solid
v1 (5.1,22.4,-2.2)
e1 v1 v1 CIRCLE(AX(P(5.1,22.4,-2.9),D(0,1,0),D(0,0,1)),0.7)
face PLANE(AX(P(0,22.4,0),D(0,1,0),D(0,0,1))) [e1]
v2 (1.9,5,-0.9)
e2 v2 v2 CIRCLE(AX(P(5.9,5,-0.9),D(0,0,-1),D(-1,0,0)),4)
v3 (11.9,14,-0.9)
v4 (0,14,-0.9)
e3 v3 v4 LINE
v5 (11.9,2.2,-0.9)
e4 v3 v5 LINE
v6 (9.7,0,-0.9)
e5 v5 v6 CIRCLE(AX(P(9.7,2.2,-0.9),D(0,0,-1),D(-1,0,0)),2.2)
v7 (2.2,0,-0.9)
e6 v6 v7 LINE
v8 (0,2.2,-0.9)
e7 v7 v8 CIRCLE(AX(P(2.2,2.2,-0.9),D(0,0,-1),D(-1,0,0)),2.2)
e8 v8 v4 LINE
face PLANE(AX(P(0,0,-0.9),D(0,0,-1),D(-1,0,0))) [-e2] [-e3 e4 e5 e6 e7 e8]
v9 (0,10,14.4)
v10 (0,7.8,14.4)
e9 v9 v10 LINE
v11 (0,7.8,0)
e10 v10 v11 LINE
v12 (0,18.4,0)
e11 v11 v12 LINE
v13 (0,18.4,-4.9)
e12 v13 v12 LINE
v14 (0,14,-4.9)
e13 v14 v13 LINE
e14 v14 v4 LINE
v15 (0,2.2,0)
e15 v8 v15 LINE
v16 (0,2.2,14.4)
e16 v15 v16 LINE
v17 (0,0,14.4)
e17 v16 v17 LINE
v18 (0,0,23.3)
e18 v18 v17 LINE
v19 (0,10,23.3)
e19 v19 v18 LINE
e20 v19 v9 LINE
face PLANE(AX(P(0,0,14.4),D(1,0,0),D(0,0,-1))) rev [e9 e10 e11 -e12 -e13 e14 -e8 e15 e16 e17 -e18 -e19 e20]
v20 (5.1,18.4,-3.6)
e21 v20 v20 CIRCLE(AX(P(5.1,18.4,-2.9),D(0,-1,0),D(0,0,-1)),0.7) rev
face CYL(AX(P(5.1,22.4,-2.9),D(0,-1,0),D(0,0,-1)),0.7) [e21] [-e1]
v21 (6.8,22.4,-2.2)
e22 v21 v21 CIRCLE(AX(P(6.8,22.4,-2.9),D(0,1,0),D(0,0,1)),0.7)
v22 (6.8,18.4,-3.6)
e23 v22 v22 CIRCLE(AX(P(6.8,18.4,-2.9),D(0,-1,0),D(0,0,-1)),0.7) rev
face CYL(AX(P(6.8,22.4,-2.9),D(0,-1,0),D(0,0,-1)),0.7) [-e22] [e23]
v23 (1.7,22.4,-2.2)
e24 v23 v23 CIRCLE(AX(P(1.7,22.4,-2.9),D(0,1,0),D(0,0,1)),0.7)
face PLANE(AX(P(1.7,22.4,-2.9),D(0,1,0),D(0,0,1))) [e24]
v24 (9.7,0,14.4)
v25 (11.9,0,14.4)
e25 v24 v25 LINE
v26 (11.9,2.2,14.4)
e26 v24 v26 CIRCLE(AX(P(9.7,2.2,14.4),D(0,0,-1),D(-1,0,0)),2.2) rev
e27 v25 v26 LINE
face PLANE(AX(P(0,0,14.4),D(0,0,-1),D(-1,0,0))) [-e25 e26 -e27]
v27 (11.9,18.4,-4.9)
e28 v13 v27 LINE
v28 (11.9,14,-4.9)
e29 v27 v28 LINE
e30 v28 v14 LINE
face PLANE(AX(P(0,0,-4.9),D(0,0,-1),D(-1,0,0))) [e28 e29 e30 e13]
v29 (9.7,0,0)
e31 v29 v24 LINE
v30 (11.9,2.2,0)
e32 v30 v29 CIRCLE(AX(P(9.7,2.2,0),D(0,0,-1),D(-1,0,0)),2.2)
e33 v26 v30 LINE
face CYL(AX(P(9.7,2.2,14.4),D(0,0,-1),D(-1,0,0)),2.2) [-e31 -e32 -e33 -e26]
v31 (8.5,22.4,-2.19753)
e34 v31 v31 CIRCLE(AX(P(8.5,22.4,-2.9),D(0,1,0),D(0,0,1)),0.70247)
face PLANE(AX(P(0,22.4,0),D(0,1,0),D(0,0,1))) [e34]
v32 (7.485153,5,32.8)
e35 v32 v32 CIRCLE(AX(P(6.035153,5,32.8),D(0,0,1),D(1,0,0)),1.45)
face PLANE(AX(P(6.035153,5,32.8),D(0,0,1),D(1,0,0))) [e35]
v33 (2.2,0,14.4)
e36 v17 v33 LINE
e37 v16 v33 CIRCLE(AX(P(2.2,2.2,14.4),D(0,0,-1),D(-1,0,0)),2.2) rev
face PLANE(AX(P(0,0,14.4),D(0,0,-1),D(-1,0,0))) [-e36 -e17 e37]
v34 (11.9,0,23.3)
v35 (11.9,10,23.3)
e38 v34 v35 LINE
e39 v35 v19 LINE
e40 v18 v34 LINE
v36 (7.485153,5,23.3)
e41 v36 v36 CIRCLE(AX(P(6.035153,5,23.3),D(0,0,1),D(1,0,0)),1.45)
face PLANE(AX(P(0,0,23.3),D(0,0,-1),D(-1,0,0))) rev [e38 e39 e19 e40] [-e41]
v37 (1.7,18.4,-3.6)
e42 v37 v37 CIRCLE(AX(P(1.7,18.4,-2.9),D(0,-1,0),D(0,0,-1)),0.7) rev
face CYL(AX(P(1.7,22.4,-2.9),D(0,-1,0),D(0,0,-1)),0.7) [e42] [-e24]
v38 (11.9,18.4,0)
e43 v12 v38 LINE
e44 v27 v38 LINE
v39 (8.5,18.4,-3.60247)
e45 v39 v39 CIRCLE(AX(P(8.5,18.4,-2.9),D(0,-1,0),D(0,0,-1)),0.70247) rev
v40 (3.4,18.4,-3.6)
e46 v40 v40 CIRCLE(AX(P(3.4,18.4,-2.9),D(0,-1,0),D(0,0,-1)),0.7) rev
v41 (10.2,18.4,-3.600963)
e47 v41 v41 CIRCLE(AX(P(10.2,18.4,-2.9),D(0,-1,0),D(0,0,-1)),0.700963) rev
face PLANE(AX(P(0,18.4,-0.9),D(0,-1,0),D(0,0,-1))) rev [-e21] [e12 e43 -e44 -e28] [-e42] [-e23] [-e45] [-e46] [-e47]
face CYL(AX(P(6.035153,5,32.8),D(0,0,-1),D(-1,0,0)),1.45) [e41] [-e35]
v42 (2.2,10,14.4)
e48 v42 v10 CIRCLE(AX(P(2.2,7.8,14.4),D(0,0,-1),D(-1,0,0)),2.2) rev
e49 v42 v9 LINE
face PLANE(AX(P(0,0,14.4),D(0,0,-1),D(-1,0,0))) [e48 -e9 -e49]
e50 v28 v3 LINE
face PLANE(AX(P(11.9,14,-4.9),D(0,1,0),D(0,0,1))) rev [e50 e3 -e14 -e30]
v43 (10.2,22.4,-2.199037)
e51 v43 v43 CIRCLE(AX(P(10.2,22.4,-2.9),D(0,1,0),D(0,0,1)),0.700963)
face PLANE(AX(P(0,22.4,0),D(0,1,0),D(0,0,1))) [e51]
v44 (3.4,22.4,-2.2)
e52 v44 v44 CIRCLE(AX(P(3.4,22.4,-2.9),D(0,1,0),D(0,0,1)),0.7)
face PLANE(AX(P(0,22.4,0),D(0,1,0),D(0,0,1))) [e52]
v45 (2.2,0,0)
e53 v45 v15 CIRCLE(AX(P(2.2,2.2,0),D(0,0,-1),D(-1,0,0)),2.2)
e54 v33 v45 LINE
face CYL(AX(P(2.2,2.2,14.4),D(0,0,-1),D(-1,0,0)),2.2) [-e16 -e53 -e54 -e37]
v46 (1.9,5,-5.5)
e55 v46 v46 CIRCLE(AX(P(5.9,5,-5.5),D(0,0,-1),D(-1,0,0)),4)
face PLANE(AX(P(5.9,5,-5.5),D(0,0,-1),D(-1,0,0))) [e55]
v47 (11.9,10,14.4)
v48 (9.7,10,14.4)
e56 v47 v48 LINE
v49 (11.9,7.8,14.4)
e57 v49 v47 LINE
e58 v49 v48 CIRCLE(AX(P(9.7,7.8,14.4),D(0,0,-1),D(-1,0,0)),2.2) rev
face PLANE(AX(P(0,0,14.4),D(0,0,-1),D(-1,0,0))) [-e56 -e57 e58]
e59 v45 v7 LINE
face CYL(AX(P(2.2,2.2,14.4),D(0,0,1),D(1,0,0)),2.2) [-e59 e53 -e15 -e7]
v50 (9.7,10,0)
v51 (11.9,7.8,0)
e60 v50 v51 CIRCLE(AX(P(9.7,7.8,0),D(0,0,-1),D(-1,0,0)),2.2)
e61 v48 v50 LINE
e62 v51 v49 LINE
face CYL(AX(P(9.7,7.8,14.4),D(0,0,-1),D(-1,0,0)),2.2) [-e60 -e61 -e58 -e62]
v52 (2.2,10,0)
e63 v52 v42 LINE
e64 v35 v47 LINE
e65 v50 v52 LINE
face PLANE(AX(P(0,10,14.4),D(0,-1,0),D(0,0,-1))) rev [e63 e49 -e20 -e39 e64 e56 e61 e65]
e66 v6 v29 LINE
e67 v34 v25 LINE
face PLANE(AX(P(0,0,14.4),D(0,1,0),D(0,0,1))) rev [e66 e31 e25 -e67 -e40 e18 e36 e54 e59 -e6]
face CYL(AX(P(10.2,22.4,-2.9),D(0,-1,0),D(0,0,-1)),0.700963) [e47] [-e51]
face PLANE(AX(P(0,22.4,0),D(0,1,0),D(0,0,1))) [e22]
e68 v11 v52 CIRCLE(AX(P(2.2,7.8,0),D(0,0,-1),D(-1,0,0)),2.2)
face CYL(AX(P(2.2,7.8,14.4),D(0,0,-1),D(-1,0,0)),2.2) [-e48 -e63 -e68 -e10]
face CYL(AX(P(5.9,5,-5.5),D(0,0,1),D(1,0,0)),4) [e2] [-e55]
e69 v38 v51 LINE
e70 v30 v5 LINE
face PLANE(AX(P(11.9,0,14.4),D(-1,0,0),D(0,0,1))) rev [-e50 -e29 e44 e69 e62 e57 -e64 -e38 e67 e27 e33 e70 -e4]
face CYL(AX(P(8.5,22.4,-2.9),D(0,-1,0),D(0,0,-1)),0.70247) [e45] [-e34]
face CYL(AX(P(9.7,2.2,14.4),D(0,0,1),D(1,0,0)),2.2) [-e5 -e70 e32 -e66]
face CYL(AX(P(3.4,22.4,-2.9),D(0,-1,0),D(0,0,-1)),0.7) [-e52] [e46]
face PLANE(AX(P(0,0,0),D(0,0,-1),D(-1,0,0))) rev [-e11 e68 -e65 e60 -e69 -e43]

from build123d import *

# Parameters (mm, degrees)
SKETCH3_W           = 11.9
SKETCH3_H           = 10
BOSS_EXTRUDE1_DEPTH = 14.4
FILLET6_R           = 2.2
SKETCH6_W           = 11.9
SKETCH6_H           = 10
BOSS_EXTRUDE2_DEPTH = 8.9
SKETCH7_R           = 1.45
BOSS_EXTRUDE3_DEPTH = 9.5
SKETCH8_W           = 11.9
SKETCH8_H           = 18.4
BOSS_EXTRUDE4_DEPTH = 0.9
FILLET7_R           = 2.2
SKETCH9_R           = 4
BOSS_EXTRUDE6_DEPTH = 4.6
SKETCH10_W          = 11.9
SKETCH10_H          = 4.4
BOSS_EXTRUDE7_DEPTH = 4
SKETCH11_R          = 0.7
SKETCH11_R_2        = 0.702469816
SKETCH11_R_3        = 0.700963309
BOSS_EXTRUDE8_DEPTH = 4


with BuildPart() as part:
    # Sketch3 → Boss-Extrude1 (new body)
    with BuildSketch(Plane.XY):
        with Locations((5.95, 5)):
            Rectangle(SKETCH3_W, SKETCH3_H)
    extrude(amount=BOSS_EXTRUDE1_DEPTH)

    # Fillet6
    fillet6_edges = [part.edges().sort_by_distance(p)[0] for p in [
        (0, 10, 7.2),
        (11.9, 10, 7.2),
        (11.9, 0, 7.2),
        (0, 0, 7.2),
    ]]
    fillet(fillet6_edges, radius=FILLET6_R)

    # Sketch6 → Boss-Extrude2 (add)
    with BuildSketch(Plane.XY.offset(14.4)):
        with Locations((5.95, 5)):
            Rectangle(SKETCH6_W, SKETCH6_H)
    extrude(amount=BOSS_EXTRUDE2_DEPTH)

    # Sketch7 → Boss-Extrude3 (add)
    with BuildSketch(Plane.XY.offset(23.3)):
        with Locations((6.035152891, 5)):
            Circle(SKETCH7_R)
    extrude(amount=BOSS_EXTRUDE3_DEPTH)

    # Sketch8 → Boss-Extrude4 (add)
    with BuildSketch(Plane(origin=(0, 0, 0), x_dir=(-1, 0, 0), z_dir=(0, 0, -1))):
        with Locations((-5.95, 9.2)):
            Rectangle(SKETCH8_W, SKETCH8_H)
    extrude(amount=BOSS_EXTRUDE4_DEPTH)

    # Fillet7
    fillet7_edges = [part.edges().sort_by_distance(p)[0] for p in [
        (0, 0, -0.45),
        (11.9, 0, -0.45),
    ]]
    fillet(fillet7_edges, radius=FILLET7_R)

    # Sketch9 → Boss-Extrude6 (add)
    with BuildSketch(Plane(origin=(0, 0, -0.9), x_dir=(-1, 0, 0), z_dir=(0, 0, -1))):
        with Locations((-5.9, 5)):
            Circle(SKETCH9_R)
    extrude(amount=BOSS_EXTRUDE6_DEPTH)

    # Sketch10 → Boss-Extrude7 (add)
    with BuildSketch(Plane(origin=(0, 0, -0.9), x_dir=(-1, 0, 0), z_dir=(0, 0, -1))):
        with Locations((-5.95, 16.2)):
            Rectangle(SKETCH10_W, SKETCH10_H)
    extrude(amount=BOSS_EXTRUDE7_DEPTH)

    # Sketch11 → Boss-Extrude8 (add)
    with BuildSketch(Plane(origin=(0, 18.4, 0), x_dir=(1, 0, 0), z_dir=(0, 1, 0))):
        with Locations(Location((3.4, 2.9, 0), (0, 0, 90))):
            Circle(SKETCH11_R)
        with Locations(Location((5.1, 2.9, 0), (0, 0, 90))):
            Circle(SKETCH11_R)
        with Locations(Location((6.8, 2.9, 0), (0, 0, 90))):
            Circle(SKETCH11_R)
        with Locations(Location((8.5, 2.9, 0), (0, 0, 90))):
            Circle(SKETCH11_R_2)
        with Locations(Location((10.2, 2.9, 0), (0, 0, 90))):
            Circle(SKETCH11_R_3)
        with Locations(Location((1.7, 2.9, 0), (0, 0, 90))):
            Circle(SKETCH11_R)
    extrude(amount=BOSS_EXTRUDE8_DEPTH)


solid = part.part
